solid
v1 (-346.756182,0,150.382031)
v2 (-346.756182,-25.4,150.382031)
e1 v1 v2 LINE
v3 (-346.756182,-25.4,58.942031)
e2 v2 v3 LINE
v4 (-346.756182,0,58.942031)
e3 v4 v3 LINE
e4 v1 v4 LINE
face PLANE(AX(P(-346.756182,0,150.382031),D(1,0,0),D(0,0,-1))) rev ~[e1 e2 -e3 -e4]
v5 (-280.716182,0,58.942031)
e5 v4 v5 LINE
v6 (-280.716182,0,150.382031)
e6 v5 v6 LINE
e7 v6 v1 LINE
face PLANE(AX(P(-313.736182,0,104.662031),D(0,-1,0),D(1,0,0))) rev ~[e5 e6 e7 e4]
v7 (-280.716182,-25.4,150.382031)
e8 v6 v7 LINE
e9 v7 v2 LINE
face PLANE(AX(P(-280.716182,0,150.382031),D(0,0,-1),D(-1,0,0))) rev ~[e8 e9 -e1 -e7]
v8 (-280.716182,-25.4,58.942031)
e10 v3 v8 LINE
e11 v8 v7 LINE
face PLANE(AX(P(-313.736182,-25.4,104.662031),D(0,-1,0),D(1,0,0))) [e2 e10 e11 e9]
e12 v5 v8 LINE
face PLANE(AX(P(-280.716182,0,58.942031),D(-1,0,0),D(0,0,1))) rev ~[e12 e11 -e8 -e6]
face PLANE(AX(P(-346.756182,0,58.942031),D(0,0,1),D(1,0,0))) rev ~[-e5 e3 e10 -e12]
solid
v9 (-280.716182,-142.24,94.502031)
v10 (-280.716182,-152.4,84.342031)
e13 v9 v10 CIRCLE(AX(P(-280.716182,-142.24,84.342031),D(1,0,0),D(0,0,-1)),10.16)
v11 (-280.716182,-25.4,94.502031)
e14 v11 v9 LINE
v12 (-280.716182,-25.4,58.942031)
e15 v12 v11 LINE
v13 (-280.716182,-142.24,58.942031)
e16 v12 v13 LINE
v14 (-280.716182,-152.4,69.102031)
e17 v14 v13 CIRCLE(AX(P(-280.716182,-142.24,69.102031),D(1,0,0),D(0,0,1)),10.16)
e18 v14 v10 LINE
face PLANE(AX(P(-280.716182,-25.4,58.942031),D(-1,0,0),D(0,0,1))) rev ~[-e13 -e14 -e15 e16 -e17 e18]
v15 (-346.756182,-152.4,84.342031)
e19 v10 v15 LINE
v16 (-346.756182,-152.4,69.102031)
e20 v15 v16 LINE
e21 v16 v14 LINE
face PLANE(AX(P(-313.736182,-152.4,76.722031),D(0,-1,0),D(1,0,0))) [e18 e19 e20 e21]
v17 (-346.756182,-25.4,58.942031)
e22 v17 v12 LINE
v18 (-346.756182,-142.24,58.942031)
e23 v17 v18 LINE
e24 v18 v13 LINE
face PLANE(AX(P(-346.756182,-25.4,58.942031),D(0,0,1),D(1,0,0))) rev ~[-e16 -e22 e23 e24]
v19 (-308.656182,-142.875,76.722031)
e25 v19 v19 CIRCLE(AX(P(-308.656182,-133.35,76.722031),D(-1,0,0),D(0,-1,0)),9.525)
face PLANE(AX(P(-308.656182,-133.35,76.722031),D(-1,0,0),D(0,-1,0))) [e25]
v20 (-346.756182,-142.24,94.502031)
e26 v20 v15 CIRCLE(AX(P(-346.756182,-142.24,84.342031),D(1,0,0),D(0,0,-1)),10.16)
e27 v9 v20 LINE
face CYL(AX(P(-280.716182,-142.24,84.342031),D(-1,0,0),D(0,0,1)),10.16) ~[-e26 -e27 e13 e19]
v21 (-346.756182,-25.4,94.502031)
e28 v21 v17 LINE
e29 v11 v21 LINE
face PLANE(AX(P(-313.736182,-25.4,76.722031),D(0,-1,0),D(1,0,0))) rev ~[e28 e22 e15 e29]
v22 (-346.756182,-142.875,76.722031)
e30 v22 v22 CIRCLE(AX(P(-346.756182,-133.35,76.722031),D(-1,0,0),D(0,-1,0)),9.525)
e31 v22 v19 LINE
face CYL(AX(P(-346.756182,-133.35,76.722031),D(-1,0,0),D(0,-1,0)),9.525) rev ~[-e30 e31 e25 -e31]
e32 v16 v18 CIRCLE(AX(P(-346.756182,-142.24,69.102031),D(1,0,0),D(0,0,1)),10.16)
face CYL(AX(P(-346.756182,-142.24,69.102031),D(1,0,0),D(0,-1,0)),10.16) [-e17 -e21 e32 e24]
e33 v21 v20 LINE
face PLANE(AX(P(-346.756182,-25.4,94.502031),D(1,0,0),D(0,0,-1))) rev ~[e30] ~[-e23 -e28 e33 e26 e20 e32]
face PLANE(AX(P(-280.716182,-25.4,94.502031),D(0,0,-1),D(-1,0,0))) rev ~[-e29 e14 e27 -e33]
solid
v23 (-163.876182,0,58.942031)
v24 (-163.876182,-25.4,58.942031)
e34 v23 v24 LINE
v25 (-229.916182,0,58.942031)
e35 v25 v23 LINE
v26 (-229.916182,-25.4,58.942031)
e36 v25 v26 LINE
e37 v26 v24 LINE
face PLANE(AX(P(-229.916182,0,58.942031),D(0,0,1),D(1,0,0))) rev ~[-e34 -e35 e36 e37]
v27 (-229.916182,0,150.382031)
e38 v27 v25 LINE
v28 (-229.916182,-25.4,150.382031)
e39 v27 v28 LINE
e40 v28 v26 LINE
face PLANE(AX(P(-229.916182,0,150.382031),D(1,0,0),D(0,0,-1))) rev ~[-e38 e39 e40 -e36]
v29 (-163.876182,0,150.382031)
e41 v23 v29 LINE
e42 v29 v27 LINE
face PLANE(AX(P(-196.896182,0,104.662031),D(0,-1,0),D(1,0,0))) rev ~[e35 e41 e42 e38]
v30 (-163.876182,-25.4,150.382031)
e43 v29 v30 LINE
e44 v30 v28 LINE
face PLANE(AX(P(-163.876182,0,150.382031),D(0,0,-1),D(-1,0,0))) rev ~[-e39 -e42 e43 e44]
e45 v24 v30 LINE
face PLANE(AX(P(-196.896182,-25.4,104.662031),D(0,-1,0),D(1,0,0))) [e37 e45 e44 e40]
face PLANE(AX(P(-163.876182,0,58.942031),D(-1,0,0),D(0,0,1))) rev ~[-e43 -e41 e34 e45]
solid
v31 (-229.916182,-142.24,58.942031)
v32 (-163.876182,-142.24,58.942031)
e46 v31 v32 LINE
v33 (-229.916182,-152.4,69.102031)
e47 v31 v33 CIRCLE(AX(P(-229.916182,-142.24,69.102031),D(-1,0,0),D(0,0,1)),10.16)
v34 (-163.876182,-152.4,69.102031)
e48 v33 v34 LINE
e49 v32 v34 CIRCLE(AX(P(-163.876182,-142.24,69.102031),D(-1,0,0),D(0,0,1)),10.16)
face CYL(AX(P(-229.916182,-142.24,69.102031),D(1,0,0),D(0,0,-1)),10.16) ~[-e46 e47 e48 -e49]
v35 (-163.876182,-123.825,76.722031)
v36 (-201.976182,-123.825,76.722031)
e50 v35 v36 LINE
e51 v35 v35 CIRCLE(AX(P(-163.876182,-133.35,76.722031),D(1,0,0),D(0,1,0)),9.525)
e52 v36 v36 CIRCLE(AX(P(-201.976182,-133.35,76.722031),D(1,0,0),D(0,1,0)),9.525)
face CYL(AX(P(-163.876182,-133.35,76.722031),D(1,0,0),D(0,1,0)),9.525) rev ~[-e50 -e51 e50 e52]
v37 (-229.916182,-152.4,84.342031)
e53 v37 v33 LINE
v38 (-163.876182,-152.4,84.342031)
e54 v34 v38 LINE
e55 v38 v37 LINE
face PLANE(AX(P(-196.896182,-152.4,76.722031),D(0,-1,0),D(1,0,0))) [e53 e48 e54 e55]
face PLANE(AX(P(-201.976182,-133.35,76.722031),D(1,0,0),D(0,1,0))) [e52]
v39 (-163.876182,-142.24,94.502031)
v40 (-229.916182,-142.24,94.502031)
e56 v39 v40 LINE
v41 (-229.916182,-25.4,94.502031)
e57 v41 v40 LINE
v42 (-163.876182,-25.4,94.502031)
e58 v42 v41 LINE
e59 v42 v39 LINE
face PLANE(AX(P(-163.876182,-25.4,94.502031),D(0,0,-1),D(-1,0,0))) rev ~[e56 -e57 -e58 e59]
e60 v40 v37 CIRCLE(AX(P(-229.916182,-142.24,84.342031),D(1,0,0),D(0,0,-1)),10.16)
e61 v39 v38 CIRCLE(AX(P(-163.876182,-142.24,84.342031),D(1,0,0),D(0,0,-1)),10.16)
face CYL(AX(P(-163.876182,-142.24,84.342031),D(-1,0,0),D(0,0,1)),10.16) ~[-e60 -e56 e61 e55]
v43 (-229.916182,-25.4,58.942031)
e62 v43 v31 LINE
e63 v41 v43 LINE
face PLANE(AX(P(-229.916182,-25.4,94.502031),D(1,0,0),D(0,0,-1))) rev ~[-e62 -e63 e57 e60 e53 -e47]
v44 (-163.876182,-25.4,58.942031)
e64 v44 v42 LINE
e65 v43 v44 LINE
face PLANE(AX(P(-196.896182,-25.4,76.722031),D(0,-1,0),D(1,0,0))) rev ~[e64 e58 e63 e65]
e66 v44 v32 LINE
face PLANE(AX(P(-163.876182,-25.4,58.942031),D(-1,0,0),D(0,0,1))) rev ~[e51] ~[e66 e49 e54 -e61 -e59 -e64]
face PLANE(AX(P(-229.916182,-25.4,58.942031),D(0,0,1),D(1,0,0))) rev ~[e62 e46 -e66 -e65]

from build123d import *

# Parameters (mm, degrees)
F1_DEPTH = 25.4
F3_DEPTH = 127
F4_R     = 9.525
F5_DEPTH = 38.1
F6_R     = 9.525
F7_DEPTH = 38.1
F8_R     = 10.16
F9_R     = 10.16


with BuildPart() as f1:
    # F0 (on Front) → F1 (new body)
    with BuildSketch(Plane.XZ):
        Polygon((-229.916182, 150.382031), (-229.916182, 125.75157), (-229.916182, 58.942031), (-163.876182, 58.942031), (-163.876182, 150.382031), align=None)
        Polygon((-280.716182, 150.382031), (-346.756182, 150.382031), (-346.756182, 58.942031), (-280.716182, 58.942031), (-280.716182, 125.75157), align=None)
    extrude(amount=F1_DEPTH)


with BuildPart() as f3:
    # F2 (on face) → F3 (new body)
    with BuildSketch(Plane.XZ.offset(25.4)):
        Polygon((-229.916182, 94.502031), (-229.916182, 72.495423), (-229.916182, 58.942031), (-163.876182, 58.942031), (-163.876182, 94.502031), align=None)
        Polygon((-280.716182, 94.502031), (-346.756182, 94.502031), (-346.756182, 58.942031), (-280.716182, 58.942031), (-280.716182, 72.495423), align=None)
    extrude(amount=F3_DEPTH)

    # F4 (on face) → F5 (cut)
    with BuildSketch(Plane.YZ.offset(-163.876182)):
        with Locations((-133.35, 76.722031)):
            Circle(F4_R)
    extrude(amount=-F5_DEPTH, mode=Mode.SUBTRACT)

    # F6 (on face) → F7 (cut)
    with BuildSketch(Plane(origin=(-346.756182, 0, 0), x_dir=(0, -1, 0), z_dir=(-1, 0, 0))):
        with Locations((133.35, 76.722031)):
            Circle(F6_R)
    extrude(amount=-F7_DEPTH, mode=Mode.SUBTRACT)

    # F8
    f8_edges = [f3.edges().sort_by_distance(p)[0] for p in [
        (-313.736182, -152.4, 94.502031),
        (-313.736182, -152.4, 58.942031),
    ]]
    fillet(f8_edges, radius=F8_R)

    # F9
    f9_edges = [f3.edges().sort_by_distance(p)[0] for p in [
        (-196.896182, -152.4, 58.942031),
        (-196.896182, -152.4, 94.502031),
    ]]
    fillet(f9_edges, radius=F9_R)


solid = Compound([f1.part, f3.part])
